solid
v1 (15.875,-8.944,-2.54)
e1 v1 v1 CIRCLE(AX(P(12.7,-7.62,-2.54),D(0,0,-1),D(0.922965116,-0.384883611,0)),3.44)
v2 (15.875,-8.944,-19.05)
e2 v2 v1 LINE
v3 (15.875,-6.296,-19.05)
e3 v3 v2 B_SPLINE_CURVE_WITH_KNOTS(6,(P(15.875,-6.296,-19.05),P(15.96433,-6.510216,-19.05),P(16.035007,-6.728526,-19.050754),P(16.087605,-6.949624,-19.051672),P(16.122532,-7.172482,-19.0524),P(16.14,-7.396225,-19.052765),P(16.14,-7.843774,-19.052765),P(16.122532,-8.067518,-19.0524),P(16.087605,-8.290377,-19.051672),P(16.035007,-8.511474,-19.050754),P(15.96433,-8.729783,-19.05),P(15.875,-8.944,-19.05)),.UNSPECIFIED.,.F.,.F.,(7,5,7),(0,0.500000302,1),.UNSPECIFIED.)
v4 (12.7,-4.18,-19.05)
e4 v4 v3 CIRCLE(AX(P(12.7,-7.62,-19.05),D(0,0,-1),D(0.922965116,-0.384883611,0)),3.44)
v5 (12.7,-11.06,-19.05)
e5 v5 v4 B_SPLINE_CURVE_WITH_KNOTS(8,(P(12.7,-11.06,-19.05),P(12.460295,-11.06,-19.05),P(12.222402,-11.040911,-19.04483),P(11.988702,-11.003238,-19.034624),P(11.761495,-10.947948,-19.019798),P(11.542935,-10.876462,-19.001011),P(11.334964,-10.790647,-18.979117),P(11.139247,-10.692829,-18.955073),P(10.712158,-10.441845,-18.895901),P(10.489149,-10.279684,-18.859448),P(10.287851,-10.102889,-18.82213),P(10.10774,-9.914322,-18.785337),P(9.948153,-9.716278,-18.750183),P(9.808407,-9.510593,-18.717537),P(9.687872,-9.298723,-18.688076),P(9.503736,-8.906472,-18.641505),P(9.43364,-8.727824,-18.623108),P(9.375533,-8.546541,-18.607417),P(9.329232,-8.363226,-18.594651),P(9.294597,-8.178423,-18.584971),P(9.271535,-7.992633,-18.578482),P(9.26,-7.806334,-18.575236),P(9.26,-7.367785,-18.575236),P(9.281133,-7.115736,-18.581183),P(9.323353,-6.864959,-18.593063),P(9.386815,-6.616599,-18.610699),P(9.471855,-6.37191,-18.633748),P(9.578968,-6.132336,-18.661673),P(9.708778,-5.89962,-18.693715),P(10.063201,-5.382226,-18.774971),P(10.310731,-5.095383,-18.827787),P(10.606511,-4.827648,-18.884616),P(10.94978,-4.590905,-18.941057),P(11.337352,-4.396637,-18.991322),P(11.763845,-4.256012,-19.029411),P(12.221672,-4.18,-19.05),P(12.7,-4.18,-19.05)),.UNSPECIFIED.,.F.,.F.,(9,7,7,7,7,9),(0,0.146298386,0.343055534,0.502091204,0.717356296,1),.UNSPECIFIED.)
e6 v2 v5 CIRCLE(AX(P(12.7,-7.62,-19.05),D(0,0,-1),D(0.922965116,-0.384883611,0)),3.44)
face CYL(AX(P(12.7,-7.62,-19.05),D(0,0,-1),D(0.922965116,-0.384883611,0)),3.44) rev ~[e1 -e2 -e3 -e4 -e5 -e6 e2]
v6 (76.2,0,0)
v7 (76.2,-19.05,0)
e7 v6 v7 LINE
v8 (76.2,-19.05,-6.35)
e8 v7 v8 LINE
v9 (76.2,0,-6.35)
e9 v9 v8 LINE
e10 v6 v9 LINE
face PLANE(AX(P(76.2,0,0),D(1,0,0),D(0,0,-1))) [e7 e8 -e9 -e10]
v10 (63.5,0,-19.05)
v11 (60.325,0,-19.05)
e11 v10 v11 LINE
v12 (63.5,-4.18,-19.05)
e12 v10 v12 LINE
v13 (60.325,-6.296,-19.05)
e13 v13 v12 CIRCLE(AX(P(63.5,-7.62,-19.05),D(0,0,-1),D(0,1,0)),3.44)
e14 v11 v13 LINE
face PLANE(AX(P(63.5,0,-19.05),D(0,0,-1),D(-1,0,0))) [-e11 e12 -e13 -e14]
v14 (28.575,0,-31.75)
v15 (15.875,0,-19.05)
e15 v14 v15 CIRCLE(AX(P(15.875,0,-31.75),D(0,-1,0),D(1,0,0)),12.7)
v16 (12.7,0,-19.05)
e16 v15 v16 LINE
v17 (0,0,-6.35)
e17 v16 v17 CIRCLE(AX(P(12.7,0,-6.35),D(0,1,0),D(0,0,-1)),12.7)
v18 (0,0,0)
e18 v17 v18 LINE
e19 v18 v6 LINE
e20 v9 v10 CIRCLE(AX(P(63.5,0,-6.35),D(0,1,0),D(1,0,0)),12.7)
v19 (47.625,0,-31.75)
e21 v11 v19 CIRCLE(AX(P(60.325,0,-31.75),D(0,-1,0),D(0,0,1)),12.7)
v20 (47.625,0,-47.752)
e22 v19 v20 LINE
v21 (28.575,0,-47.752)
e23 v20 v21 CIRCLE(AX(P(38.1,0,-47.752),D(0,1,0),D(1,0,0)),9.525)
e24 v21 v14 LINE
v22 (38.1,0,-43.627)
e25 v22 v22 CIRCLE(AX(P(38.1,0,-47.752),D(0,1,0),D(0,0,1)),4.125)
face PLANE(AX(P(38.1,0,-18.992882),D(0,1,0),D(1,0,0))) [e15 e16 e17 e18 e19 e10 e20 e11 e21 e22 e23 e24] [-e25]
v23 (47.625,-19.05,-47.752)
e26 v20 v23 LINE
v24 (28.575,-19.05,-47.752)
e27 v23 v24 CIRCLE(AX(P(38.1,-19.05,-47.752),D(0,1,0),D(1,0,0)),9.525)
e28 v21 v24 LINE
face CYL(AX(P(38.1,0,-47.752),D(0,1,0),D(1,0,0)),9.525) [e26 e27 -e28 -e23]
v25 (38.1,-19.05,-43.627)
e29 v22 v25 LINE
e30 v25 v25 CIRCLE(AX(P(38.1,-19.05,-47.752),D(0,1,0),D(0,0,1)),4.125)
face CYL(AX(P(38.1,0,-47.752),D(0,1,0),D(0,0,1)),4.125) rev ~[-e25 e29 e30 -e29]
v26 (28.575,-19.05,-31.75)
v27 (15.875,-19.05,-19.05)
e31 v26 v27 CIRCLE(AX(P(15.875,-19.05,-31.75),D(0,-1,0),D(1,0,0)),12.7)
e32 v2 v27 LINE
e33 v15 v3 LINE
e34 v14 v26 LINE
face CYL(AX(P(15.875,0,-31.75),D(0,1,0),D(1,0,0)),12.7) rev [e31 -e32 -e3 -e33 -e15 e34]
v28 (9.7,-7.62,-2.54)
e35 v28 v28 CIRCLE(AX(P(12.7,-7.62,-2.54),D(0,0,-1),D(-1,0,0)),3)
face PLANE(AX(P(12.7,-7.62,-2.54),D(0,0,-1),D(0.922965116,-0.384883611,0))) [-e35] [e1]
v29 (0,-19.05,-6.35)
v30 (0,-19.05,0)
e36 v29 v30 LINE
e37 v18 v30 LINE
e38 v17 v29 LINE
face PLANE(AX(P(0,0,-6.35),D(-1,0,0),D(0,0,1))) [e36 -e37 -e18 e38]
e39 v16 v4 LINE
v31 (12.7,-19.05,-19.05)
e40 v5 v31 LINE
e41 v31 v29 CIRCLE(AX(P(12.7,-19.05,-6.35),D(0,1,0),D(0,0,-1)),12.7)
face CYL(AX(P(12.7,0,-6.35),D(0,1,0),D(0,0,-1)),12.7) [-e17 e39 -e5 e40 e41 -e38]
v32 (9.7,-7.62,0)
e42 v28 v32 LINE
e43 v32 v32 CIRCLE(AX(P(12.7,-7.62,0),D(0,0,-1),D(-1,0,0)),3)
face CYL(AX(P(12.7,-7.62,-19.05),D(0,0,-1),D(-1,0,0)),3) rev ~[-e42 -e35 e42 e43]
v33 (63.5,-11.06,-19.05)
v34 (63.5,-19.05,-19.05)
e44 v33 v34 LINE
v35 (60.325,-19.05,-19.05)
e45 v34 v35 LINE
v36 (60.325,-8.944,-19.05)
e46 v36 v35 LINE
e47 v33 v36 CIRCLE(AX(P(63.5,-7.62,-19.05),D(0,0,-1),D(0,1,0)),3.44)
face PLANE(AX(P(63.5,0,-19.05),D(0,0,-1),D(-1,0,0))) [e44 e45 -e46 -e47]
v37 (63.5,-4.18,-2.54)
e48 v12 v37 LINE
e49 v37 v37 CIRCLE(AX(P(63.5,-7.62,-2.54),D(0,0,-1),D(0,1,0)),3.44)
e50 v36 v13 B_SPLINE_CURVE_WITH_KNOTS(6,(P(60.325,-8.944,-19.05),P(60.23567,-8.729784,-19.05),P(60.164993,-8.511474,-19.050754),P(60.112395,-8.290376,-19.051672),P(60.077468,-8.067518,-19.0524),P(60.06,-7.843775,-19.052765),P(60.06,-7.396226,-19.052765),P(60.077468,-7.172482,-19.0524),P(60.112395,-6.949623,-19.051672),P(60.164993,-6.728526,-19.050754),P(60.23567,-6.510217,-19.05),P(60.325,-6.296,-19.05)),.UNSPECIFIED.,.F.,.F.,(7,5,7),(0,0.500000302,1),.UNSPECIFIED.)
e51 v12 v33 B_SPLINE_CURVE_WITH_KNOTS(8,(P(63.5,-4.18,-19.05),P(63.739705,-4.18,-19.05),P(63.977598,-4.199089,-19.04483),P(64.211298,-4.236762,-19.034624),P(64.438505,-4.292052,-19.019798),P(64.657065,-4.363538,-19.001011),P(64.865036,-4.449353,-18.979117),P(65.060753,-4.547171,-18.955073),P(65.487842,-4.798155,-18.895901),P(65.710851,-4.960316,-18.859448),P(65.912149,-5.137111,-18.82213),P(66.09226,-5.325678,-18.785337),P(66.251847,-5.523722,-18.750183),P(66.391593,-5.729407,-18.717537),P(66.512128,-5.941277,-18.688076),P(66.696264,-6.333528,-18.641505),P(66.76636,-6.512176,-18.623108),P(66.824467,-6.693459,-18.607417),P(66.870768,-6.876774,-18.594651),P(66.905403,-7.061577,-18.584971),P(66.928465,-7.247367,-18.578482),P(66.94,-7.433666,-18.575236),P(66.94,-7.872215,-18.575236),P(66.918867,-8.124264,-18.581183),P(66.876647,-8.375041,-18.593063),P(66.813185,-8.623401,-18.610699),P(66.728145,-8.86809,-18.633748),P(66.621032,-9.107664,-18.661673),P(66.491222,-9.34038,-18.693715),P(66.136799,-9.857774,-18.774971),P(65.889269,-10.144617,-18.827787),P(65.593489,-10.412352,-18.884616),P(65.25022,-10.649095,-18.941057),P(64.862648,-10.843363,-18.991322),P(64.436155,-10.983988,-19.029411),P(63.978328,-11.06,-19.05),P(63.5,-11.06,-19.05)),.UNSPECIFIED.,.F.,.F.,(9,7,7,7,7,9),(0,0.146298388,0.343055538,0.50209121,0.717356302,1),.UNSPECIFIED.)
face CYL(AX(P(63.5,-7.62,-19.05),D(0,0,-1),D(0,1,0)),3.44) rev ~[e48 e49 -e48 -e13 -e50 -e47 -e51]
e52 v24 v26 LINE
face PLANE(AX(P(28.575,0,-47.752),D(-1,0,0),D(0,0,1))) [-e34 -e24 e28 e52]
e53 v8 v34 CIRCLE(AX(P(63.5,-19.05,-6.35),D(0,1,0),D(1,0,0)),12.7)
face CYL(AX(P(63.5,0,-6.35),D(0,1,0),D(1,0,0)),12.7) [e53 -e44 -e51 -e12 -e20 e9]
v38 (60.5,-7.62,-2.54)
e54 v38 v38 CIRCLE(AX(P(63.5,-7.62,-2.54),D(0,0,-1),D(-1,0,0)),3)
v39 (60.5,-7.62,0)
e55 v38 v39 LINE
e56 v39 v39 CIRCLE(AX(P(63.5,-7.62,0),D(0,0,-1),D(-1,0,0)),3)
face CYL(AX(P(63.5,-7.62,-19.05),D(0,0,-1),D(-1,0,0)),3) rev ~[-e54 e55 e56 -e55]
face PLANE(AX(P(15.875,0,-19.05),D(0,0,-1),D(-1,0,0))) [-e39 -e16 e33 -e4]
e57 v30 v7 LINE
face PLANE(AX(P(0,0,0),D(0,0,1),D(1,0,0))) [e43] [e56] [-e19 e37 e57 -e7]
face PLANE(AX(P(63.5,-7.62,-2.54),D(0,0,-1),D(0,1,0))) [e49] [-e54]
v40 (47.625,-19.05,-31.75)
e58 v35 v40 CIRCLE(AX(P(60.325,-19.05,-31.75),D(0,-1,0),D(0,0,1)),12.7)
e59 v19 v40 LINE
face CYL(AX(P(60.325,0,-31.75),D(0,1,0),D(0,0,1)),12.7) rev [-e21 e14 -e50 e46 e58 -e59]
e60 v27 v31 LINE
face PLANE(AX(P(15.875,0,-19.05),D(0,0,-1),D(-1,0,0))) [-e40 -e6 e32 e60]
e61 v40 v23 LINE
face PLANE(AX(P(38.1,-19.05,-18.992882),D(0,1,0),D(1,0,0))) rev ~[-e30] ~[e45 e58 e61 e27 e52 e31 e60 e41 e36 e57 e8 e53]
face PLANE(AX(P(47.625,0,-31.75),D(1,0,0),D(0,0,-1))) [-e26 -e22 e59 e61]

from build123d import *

# Parameters (mm, degrees)
SKETCH1_R               = 4.125
BOSS_EXTRUDE1_DEPTH     = 19.05
SKETCH2_R               = 3
CUT_EXTRUDE1_DEPTH      = 19.05
CUT_EXTRUDE2_DEPTH      = 16.51
CUT_EXTRUDE2_DEPTH_BACK = 16.51
SKETCH3_R               = 3.44


with BuildPart() as part:
    # Sketch1 → Boss-Extrude1 (new body)
    with BuildSketch(Plane(origin=(0, 0, 0), x_dir=(1, 0, 0), z_dir=(0, 1, 0))):
        with BuildLine():
            Line((0, 6.35), (0, 0))
            Line((0, 0), (41.275, 0))
            Line((41.275, 0), (60.325, 0))
            Line((60.325, 0), (76.2, 0))
            Line((76.2, 0), (76.2, 6.35))
            ThreePointArc((76.2, 6.35), (72.480256121, 15.330256121), (63.5, 19.05))
            Line((63.5, 19.05), (60.325, 19.05))
            ThreePointArc((60.325, 19.05), (51.344743879, 22.769743879), (47.625, 31.75))
            Line((47.625, 31.75), (47.625, 47.752))
            ThreePointArc((47.625, 47.752), (38.1, 57.277), (28.575, 47.752))
            Line((28.575, 47.752), (28.575, 31.75))
            ThreePointArc((28.575, 31.75), (24.855256121, 22.769743879), (15.875, 19.05))
            Line((15.875, 19.05), (12.7, 19.05))
            ThreePointArc((12.7, 19.05), (3.719743879, 15.330256121), (0, 6.35))
        make_face()
        with Locations((38.1, 47.752)):
            Circle(SKETCH1_R, mode=Mode.SUBTRACT)
    extrude(amount=-BOSS_EXTRUDE1_DEPTH)

    # Sketch2 → Cut-Extrude1 (cut)
    with BuildSketch(Plane(origin=(0, 0, -19.05), x_dir=(-1, 0, 0), z_dir=(0, 0, -1))):
        with Locations((-63.5, -7.62)):
            Circle(SKETCH2_R)
        with Locations((-12.7, -7.62)):
            Circle(SKETCH2_R)
    extrude(amount=-CUT_EXTRUDE1_DEPTH, mode=Mode.SUBTRACT)

    # Sketch3 → Cut-Extrude2 (cut, two sides: drawn at the far end of the back side and taken through both)
    with BuildSketch(Plane(origin=(0, 0, -19.05), x_dir=(-1, 0, 0), z_dir=(0, 0, -1)).offset(-CUT_EXTRUDE2_DEPTH_BACK)):
        with Locations((-63.5, -7.62)):
            Circle(SKETCH3_R)
        with Locations((-12.7, -7.62)):
            Circle(SKETCH3_R)
    extrude(amount=CUT_EXTRUDE2_DEPTH + CUT_EXTRUDE2_DEPTH_BACK, mode=Mode.SUBTRACT)


solid = part.part
